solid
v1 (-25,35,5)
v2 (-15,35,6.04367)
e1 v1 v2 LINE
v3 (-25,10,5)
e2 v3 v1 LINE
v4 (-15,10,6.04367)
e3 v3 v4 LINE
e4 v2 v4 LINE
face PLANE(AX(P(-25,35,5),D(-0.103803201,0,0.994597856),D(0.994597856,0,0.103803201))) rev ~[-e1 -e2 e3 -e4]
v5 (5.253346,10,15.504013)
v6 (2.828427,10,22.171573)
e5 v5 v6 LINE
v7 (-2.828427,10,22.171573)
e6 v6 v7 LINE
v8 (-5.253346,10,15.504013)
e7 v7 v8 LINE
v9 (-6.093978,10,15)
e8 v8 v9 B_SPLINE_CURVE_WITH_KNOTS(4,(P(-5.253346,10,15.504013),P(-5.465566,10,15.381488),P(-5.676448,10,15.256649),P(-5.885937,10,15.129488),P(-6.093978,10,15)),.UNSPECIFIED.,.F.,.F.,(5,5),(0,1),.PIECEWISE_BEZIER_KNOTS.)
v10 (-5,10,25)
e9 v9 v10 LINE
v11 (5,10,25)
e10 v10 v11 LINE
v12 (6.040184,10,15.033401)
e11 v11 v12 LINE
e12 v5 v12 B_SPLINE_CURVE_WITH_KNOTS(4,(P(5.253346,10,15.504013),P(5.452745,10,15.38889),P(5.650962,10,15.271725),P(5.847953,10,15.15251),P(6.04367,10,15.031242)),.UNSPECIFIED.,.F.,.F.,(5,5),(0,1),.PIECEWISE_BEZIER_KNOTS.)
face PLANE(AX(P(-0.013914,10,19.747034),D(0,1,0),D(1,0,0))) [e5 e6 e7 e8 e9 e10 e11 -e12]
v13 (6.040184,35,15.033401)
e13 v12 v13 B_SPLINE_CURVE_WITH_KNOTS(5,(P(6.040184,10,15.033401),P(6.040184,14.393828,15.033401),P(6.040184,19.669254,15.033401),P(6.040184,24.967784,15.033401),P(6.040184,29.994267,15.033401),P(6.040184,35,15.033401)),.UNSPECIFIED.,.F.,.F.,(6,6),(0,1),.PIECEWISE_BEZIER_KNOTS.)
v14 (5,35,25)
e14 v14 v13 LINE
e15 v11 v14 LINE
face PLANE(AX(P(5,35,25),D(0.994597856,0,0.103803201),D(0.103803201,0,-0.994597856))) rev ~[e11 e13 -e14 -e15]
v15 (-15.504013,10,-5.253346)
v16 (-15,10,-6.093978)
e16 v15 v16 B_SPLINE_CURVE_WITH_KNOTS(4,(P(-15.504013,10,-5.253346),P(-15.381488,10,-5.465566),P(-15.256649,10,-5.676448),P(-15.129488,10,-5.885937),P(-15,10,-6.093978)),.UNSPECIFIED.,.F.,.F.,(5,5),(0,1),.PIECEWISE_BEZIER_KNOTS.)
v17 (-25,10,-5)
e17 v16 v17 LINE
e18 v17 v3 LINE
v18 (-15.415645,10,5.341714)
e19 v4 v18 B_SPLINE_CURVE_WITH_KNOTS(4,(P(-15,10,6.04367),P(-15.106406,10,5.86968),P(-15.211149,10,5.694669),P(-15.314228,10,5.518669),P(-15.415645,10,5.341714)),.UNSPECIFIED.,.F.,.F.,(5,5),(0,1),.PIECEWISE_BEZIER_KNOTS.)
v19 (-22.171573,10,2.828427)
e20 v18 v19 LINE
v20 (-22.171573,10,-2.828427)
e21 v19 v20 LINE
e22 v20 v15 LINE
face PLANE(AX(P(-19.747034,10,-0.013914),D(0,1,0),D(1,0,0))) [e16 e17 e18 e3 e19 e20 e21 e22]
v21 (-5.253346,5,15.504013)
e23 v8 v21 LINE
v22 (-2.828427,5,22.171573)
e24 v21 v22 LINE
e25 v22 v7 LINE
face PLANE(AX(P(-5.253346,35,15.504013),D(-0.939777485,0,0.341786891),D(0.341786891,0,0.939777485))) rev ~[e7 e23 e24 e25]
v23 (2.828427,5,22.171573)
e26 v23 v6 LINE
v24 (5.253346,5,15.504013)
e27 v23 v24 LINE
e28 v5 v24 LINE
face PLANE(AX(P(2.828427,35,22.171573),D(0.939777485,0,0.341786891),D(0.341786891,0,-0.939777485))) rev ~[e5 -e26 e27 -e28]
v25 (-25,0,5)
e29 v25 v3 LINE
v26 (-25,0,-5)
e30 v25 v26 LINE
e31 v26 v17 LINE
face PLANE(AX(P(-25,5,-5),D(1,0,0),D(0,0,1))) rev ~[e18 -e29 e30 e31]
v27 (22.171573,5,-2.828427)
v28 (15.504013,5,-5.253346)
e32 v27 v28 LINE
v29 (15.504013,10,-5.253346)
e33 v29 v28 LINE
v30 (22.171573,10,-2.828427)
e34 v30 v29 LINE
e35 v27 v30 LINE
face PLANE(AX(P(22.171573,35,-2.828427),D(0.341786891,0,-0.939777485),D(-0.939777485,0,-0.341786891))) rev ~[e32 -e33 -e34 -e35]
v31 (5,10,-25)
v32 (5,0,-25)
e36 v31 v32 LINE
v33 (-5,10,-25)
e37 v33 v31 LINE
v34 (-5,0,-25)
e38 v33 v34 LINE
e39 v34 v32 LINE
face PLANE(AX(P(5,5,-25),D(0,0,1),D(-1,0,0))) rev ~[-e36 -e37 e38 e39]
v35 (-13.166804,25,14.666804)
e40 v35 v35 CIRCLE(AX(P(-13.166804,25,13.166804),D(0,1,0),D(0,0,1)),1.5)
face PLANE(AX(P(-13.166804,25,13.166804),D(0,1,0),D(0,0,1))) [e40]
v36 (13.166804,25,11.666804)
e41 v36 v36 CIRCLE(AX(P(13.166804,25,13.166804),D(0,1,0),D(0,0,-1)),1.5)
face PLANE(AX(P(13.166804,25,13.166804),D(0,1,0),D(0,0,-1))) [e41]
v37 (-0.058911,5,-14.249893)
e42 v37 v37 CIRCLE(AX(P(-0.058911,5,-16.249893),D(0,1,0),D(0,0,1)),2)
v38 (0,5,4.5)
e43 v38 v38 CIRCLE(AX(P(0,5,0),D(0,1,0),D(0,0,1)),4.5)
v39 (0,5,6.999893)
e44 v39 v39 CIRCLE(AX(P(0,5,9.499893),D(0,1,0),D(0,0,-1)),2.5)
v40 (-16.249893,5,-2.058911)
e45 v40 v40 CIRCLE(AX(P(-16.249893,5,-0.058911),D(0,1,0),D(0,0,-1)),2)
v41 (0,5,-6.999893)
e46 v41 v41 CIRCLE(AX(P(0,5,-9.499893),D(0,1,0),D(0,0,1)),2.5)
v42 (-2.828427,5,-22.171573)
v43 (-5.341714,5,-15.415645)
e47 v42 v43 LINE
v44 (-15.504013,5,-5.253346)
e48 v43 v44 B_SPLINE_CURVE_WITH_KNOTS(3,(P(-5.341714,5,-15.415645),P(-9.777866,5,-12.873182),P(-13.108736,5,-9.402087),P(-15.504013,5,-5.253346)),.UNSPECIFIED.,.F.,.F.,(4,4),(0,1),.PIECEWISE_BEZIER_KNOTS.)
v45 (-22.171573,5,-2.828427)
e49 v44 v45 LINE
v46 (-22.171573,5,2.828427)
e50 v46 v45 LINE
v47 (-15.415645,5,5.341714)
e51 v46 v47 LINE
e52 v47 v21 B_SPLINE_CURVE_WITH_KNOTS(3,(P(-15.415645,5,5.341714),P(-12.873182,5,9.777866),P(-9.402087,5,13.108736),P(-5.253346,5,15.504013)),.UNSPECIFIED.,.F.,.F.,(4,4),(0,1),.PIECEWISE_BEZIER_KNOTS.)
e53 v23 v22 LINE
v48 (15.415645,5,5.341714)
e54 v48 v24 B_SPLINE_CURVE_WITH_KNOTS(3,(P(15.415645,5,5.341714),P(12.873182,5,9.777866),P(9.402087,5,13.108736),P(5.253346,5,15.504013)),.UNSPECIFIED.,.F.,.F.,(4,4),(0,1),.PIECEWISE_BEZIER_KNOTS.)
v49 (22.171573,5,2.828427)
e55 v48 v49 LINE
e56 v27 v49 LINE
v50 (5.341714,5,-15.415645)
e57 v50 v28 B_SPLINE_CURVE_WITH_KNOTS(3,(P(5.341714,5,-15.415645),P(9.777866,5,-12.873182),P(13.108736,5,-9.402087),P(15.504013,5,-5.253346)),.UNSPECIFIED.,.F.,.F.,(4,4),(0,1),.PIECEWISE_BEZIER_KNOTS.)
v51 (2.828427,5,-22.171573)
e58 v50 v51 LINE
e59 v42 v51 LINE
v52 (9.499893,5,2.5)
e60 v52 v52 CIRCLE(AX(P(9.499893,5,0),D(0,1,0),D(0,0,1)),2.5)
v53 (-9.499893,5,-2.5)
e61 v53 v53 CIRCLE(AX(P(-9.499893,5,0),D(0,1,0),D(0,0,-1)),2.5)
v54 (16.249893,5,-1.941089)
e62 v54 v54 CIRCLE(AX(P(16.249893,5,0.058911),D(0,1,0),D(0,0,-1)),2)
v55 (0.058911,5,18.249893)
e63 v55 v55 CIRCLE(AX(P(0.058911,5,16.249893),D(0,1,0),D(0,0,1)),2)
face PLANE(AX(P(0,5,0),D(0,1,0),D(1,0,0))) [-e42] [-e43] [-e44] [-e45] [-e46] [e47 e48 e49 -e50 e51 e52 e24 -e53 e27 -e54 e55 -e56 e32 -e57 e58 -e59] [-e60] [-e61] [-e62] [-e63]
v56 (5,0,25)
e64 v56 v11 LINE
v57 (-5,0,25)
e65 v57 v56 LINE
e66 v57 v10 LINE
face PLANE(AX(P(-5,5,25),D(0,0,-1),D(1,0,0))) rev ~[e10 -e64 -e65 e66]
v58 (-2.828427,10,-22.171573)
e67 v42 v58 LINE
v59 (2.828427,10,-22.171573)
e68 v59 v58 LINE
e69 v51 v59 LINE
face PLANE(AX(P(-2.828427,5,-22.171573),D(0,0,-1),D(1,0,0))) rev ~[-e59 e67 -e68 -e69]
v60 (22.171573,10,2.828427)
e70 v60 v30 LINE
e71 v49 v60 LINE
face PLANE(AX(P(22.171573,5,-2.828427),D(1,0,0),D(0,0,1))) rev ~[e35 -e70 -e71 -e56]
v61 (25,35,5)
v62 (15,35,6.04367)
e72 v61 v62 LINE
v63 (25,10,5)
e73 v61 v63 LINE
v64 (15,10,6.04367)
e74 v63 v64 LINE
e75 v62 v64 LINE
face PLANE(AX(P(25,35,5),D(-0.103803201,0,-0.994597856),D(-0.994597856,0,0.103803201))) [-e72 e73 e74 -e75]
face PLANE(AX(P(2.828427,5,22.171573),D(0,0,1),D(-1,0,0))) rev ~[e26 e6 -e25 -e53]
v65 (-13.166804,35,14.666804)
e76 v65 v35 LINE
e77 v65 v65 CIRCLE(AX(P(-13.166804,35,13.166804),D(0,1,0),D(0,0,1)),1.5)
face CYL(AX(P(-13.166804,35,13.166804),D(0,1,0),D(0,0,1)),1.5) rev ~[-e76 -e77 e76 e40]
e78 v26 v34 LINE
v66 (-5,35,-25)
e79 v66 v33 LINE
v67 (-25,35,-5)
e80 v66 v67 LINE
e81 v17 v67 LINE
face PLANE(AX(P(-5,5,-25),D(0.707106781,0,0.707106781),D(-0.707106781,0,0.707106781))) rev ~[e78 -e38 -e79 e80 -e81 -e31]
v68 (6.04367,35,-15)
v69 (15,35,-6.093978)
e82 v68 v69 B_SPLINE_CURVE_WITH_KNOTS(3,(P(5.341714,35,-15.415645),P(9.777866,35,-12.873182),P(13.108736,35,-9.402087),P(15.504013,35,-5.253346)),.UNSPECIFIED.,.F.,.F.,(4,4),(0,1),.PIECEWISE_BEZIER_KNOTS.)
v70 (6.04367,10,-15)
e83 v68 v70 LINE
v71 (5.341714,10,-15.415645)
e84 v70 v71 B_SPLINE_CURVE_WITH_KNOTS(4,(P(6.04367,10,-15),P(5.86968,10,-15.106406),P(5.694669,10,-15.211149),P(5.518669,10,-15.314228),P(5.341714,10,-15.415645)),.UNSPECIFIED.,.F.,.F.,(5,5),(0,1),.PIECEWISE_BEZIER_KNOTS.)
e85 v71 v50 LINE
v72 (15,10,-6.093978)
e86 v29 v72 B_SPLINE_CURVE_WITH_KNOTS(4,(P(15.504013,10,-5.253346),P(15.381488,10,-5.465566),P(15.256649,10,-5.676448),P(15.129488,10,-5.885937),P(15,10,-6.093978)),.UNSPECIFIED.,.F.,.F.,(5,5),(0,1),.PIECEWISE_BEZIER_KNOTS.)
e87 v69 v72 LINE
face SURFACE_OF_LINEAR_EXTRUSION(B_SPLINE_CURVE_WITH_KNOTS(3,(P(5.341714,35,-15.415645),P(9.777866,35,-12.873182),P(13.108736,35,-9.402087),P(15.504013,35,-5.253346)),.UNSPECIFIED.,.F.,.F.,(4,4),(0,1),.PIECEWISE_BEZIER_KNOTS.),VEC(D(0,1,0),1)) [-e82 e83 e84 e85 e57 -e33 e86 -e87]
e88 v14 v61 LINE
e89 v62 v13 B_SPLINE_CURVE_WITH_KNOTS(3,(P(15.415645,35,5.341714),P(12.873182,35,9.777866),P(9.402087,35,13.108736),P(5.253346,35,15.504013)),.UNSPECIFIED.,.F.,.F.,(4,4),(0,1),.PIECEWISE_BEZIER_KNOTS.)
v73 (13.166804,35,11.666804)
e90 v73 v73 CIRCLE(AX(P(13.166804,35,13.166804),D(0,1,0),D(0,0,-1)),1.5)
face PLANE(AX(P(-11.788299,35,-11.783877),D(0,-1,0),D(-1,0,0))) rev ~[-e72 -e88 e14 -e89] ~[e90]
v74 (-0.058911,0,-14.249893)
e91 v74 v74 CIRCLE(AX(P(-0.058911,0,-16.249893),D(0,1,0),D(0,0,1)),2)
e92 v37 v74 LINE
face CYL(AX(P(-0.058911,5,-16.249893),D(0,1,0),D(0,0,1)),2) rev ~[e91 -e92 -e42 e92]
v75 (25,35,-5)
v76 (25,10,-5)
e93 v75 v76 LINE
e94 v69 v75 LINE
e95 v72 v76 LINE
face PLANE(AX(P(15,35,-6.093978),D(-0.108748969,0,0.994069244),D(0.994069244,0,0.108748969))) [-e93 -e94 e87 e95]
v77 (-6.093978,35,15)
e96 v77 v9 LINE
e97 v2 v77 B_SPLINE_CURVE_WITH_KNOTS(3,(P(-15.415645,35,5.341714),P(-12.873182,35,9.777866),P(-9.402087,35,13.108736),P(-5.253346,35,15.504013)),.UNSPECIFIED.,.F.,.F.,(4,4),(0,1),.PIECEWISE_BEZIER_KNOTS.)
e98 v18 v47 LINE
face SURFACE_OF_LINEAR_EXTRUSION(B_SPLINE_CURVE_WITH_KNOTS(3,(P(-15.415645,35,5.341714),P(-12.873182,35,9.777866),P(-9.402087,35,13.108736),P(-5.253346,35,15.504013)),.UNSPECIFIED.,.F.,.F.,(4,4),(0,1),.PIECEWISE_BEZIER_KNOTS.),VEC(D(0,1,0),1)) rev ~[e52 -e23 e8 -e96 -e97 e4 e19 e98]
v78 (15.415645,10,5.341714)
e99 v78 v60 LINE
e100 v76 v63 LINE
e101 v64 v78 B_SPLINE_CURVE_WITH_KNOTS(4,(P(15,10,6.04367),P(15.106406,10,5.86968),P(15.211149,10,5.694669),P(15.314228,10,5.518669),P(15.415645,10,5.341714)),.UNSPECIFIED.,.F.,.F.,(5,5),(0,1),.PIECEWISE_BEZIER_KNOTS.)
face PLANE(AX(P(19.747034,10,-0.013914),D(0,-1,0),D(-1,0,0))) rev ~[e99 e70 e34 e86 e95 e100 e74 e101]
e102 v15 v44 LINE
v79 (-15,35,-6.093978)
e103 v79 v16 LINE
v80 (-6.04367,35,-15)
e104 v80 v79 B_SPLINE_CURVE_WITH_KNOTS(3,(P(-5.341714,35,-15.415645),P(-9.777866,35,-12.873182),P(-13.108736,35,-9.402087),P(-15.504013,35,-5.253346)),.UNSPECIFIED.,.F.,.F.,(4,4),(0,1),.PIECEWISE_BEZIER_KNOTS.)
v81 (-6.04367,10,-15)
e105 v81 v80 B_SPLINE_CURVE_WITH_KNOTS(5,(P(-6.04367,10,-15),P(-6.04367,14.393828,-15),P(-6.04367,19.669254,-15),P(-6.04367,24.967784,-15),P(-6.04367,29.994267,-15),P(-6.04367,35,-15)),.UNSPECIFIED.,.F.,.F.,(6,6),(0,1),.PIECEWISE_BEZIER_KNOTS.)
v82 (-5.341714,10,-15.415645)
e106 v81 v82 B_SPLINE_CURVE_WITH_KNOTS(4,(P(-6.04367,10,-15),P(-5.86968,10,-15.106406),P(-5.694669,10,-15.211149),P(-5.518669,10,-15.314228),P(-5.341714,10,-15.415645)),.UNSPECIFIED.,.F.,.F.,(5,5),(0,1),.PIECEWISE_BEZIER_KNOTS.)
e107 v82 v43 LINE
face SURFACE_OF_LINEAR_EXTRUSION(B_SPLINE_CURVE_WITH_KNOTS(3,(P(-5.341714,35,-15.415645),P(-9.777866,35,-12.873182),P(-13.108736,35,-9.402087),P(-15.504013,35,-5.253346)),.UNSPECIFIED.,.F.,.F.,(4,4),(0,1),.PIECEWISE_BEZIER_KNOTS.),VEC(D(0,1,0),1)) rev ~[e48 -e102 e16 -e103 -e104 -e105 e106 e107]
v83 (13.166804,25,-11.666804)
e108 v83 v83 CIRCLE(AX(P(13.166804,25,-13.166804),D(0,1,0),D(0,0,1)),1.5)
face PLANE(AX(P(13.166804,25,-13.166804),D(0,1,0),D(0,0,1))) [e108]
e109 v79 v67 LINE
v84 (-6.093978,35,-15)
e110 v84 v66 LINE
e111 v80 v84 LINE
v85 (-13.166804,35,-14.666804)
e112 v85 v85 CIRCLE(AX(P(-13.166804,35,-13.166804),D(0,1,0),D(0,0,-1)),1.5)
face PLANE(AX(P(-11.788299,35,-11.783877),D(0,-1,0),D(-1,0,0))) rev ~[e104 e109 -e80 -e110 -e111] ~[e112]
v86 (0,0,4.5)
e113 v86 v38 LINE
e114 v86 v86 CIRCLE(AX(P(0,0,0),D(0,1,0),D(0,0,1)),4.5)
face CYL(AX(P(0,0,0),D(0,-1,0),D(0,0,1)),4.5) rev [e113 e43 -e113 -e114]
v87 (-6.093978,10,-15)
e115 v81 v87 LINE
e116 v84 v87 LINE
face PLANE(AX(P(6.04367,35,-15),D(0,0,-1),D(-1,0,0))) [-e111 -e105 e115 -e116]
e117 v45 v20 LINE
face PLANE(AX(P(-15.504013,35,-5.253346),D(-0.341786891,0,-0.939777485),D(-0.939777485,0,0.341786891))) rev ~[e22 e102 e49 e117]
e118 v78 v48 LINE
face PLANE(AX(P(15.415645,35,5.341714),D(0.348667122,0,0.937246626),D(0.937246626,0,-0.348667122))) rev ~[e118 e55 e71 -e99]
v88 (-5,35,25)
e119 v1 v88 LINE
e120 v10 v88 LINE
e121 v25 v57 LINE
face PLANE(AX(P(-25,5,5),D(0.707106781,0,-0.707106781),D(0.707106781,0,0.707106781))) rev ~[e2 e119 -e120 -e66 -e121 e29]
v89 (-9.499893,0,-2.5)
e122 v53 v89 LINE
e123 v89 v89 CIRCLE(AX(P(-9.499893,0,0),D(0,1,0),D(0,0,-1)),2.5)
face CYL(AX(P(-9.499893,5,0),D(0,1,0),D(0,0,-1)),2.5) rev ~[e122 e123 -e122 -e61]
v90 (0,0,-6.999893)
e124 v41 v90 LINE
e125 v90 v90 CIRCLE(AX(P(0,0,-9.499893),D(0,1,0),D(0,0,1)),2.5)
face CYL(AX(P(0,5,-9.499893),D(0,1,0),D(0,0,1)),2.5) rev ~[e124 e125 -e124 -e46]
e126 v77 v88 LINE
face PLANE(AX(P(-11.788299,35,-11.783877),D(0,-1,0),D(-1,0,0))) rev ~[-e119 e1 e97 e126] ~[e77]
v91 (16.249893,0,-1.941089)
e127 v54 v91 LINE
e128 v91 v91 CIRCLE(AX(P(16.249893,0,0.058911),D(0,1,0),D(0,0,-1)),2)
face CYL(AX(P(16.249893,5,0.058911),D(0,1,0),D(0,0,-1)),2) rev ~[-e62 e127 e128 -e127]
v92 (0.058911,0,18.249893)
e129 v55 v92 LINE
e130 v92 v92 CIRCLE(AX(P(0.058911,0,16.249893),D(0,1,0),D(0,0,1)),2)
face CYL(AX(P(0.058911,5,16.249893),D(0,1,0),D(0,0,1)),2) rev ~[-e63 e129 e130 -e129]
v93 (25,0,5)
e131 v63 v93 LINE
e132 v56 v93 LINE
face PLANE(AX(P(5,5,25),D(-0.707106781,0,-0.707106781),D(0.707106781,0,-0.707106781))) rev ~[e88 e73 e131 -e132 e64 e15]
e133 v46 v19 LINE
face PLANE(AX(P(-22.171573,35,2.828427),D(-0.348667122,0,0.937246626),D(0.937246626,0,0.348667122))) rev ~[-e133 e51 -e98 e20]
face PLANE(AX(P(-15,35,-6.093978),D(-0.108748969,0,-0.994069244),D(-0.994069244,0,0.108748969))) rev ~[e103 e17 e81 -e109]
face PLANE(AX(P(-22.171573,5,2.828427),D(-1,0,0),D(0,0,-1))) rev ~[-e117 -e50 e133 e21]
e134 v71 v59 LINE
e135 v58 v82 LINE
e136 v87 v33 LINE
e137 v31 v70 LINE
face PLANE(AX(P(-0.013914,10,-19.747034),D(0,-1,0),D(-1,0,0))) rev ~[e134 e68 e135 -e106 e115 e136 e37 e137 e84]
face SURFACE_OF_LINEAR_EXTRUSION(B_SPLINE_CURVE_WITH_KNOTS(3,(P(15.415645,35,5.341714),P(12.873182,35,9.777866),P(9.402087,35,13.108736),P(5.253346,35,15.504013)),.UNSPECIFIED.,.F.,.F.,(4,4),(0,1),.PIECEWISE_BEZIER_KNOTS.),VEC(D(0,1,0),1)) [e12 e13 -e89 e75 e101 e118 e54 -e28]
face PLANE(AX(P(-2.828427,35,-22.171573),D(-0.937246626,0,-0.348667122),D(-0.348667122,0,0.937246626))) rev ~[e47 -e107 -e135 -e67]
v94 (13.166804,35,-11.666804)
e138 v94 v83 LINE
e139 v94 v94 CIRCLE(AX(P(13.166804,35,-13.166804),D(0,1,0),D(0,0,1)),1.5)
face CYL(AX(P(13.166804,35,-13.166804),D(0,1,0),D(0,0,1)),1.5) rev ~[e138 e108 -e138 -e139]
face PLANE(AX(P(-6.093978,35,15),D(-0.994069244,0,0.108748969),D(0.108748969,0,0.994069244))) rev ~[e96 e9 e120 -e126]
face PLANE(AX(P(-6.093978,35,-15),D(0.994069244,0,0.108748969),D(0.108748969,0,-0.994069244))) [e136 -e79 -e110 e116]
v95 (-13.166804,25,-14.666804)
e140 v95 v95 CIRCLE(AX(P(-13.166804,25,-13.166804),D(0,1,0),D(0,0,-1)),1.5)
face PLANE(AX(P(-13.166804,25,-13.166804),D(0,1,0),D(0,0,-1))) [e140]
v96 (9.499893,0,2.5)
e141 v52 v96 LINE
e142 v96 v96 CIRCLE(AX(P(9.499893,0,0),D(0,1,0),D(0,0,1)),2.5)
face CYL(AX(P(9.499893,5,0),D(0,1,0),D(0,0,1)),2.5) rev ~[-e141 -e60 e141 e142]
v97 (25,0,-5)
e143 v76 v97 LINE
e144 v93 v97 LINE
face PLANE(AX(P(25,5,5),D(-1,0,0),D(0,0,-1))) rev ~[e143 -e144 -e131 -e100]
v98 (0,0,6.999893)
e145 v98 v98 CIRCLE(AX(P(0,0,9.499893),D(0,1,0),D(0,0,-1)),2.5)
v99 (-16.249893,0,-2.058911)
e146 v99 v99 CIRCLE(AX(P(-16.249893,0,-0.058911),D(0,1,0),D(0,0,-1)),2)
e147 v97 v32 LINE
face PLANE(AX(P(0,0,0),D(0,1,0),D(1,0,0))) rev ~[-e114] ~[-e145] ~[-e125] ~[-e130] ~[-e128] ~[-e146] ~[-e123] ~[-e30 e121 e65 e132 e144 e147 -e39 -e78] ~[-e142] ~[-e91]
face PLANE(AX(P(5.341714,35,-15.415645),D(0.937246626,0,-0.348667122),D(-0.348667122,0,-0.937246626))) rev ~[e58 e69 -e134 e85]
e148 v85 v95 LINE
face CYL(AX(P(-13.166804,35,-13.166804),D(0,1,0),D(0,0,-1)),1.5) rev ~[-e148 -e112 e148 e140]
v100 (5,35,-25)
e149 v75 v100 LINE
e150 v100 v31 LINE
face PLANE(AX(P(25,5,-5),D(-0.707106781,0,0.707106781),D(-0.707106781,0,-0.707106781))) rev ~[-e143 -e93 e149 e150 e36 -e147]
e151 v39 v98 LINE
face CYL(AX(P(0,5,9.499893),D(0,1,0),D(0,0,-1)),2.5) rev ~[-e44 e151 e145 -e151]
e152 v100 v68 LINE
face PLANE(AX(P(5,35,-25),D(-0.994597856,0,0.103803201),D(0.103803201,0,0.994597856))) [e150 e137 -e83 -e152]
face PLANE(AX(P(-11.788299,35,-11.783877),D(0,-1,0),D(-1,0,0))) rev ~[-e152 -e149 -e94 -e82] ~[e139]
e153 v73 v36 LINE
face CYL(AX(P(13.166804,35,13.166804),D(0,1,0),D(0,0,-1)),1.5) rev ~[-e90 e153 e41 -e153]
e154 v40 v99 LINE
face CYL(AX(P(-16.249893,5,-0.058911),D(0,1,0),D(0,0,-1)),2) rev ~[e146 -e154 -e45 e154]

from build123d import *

# Parameters (mm, degrees)
SKETCH1_W           = 50
SKETCH1_H           = 50
SKETCH1_R           = 4.5
BOSS_EXTRUDE1_DEPTH = 5
SKETCH2_R           = 2
CUT_EXTRUDE1_DEPTH  = 36.707142143
BOSS_EXTRUDE2_DEPTH = 30
BOSS_EXTRUDE3_DEPTH = 30
CUT_EXTRUDE5_DEPTH  = 25
SKETCH9_R           = 2.5
CUT_EXTRUDE8_DEPTH  = 47.36809265
SKETCH10_R          = 1.5
CUT_EXTRUDE9_DEPTH  = 10


with BuildPart() as part:
    # Sketch1 → Boss-Extrude1 (new body)
    with BuildSketch(Plane(origin=(0, 0, 0), x_dir=(1, 0, 0), z_dir=(0, 1, 0))):
        Rectangle(SKETCH1_W, SKETCH1_H)
        with Locations(Location((0, 0, 0), (0, 0, 270))):
            Circle(SKETCH1_R, mode=Mode.SUBTRACT)
    extrude(amount=BOSS_EXTRUDE1_DEPTH)

    # Sketch2 → Cut-Extrude1 (cut, through all)
    with BuildSketch(Plane(origin=(0, 5, 0), x_dir=(1, 0, 0), z_dir=(0, 1, 0))):
        with Locations(Location((-0.058911488, 16.249893213, 0), (0, 0, 270))):
            Circle(SKETCH2_R)
        with Locations(Location((16.249893213, -0.058911488, 0), (0, 0, 90))):
            Circle(SKETCH2_R)
        with Locations(Location((0.058911488, -16.249893213, 0), (0, 0, 270))):
            Circle(SKETCH2_R)
        with Locations(Location((-16.249893213, 0.058911488, 0), (0, 0, 90))):
            Circle(SKETCH2_R)
        Polygon((-25, 25), (-25, 5), (-5, 25), align=None)
        Polygon((25, -25), (5, -25), (25, -5), align=None)
        Polygon((-25, -25), (-25, -5), (-5, -25), align=None)
        Polygon((25, 25), (25, 5), (5, 25), align=None)
    extrude(amount=-CUT_EXTRUDE1_DEPTH, mode=Mode.SUBTRACT)

    # Sketch3 → Boss-Extrude2 (add)
    with BuildSketch(Plane(origin=(0, 5, 0), x_dir=(1, 0, 0), z_dir=(0, 1, 0))):
        Polygon((-5, 25), (-7.828427125, 22.171572875), (-22.171572875, 7.828427125), (-25, 5), (-25, -5), (-22.171572875, -7.828427125), (-5, -25), (0, -25), (5, -25), (7.828427125, -22.171572875), (22.171572875, -7.828427125), (25, -5), (25, 5), (7.828427125, 22.171572875), (5, 25), align=None)
        Polygon((-2.828427125, -22.171572875), (-22.171572875, -2.828427125), (-22.171572875, 2.828427125), (-2.828427125, 22.171572875), (2.828427125, 22.171572875), (22.171572875, 2.828427125), (22.171572875, -2.828427125), (2.828427125, -22.171572875), align=None, mode=Mode.SUBTRACT)
    extrude(amount=BOSS_EXTRUDE2_DEPTH)

    # Sketch4 → Boss-Extrude3 (add)
    with BuildSketch(Plane(origin=(0, 35, 0), x_dir=(1, 0, 0), z_dir=(0, 1, 0))):
        with BuildLine():
            add(Edge.make_bspline(
                [(-5.341714296, 15.415645017), (-9.777866181, 12.873181646), (-13.108736095, 9.402087486), (-15.504012831, 5.253346482)],
                knots=[0, 0, 0, 0, 1, 1, 1, 1], degree=3))
            Line((-15.504012831, 5.253346482), (-22.171572875, 2.828427125))
            Line((-22.171572875, 2.828427125), (-2.828427125, 22.171572875))
            Line((-2.828427125, 22.171572875), (-5.341714296, 15.415645017))
        make_face()
        with BuildLine():
            Line((5.341714296, 15.415645017), (2.828427125, 22.171572875))
            Line((2.828427125, 22.171572875), (22.171572875, 2.828427125))
            Line((22.171572875, 2.828427125), (15.504012831, 5.253346482))
            add(Edge.make_bspline(
                [(5.341714296, 15.415645017), (9.777866181, 12.873181646), (13.108736095, 9.402087486), (15.504012831, 5.253346482)],
                knots=[0, 0, 0, 0, 1, 1, 1, 1], degree=3))
        make_face()
        with BuildLine():
            Line((15.415645017, -5.341714296), (22.171572875, -2.828427125))
            Line((22.171572875, -2.828427125), (2.828427125, -22.171572875))
            Line((2.828427125, -22.171572875), (5.253346482, -15.504012831))
            add(Edge.make_bspline(
                [(15.415645017, -5.341714296), (12.873181646, -9.777866181), (9.402087486, -13.108736095), (5.253346482, -15.504012831)],
                knots=[0, 0, 0, 0, 1, 1, 1, 1], degree=3))
        make_face()
        with BuildLine():
            add(Edge.make_bspline(
                [(-15.415645017, -5.341714296), (-12.873181646, -9.777866181), (-9.402087486, -13.108736095), (-5.253346482, -15.504012831)],
                knots=[0, 0, 0, 0, 1, 1, 1, 1], degree=3))
            Line((-5.253346482, -15.504012831), (-2.828427125, -22.171572875))
            Line((-2.828427125, -22.171572875), (-22.171572875, -2.828427125))
            Line((-22.171572875, -2.828427125), (-15.415645017, -5.341714296))
        make_face()
    extrude(amount=-BOSS_EXTRUDE3_DEPTH)

    # Sketch7 → Cut-Extrude5 (cut)
    with BuildSketch(Plane(origin=(0, 35, 0), x_dir=(1, 0, 0), z_dir=(0, 1, 0))):
        Polygon((-25, 5), (-25, -5), (-14.999999986, -6.043670064), (-14.999999986, 6.093977805), align=None)
        Polygon((25, -5), (14.999999986, -6.043670064), (14.999999986, 6.093977805), (25, 5), align=None)
        Polygon((-5, -25), (5, -25), (6.043670064, -14.999999986), (-6.093977805, -14.999999986), align=None)
        Polygon((5, 25), (6.043670064, 14.999999986), (-6.093977805, 14.999999986), (-5, 25), align=None)
    extrude(amount=-CUT_EXTRUDE5_DEPTH, mode=Mode.SUBTRACT)

    # Sketch9 → Cut-Extrude8 (cut, through all)
    with BuildSketch(Plane(origin=(0, 5, 0), x_dir=(1, 0, 0), z_dir=(0, 1, 0))):
        with Locations(Location((0, 9.499893213, 0), (0, 0, 270))):
            Circle(SKETCH9_R)
        with Locations(Location((0, -9.499893213, 0), (0, 0, 90))):
            Circle(SKETCH9_R)
        with Locations(Location((9.499893213, 0, 0), (0, 0, 270))):
            Circle(SKETCH9_R)
        with Locations(Location((-9.499893213, 0, 0), (0, 0, 90))):
            Circle(SKETCH9_R)
    extrude(amount=-CUT_EXTRUDE8_DEPTH, mode=Mode.SUBTRACT)

    # Sketch10 → Cut-Extrude9 (cut)
    with BuildSketch(Plane(origin=(0, 35, 0), x_dir=(1, 0, 0), z_dir=(0, 1, 0))):
        with Locations(Location((13.166804189, 13.166804189, 0), (0, 0, 270))):
            Circle(SKETCH10_R)
        with Locations(Location((-13.166804189, 13.166804189, 0), (0, 0, 90))):
            Circle(SKETCH10_R)
        with Locations(Location((-13.166804189, -13.166804189, 0), (0, 0, 270))):
            Circle(SKETCH10_R)
        with Locations(Location((13.166804189, -13.166804189, 0), (0, 0, 90))):
            Circle(SKETCH10_R)
    extrude(amount=-CUT_EXTRUDE9_DEPTH, mode=Mode.SUBTRACT)


solid = part.part
